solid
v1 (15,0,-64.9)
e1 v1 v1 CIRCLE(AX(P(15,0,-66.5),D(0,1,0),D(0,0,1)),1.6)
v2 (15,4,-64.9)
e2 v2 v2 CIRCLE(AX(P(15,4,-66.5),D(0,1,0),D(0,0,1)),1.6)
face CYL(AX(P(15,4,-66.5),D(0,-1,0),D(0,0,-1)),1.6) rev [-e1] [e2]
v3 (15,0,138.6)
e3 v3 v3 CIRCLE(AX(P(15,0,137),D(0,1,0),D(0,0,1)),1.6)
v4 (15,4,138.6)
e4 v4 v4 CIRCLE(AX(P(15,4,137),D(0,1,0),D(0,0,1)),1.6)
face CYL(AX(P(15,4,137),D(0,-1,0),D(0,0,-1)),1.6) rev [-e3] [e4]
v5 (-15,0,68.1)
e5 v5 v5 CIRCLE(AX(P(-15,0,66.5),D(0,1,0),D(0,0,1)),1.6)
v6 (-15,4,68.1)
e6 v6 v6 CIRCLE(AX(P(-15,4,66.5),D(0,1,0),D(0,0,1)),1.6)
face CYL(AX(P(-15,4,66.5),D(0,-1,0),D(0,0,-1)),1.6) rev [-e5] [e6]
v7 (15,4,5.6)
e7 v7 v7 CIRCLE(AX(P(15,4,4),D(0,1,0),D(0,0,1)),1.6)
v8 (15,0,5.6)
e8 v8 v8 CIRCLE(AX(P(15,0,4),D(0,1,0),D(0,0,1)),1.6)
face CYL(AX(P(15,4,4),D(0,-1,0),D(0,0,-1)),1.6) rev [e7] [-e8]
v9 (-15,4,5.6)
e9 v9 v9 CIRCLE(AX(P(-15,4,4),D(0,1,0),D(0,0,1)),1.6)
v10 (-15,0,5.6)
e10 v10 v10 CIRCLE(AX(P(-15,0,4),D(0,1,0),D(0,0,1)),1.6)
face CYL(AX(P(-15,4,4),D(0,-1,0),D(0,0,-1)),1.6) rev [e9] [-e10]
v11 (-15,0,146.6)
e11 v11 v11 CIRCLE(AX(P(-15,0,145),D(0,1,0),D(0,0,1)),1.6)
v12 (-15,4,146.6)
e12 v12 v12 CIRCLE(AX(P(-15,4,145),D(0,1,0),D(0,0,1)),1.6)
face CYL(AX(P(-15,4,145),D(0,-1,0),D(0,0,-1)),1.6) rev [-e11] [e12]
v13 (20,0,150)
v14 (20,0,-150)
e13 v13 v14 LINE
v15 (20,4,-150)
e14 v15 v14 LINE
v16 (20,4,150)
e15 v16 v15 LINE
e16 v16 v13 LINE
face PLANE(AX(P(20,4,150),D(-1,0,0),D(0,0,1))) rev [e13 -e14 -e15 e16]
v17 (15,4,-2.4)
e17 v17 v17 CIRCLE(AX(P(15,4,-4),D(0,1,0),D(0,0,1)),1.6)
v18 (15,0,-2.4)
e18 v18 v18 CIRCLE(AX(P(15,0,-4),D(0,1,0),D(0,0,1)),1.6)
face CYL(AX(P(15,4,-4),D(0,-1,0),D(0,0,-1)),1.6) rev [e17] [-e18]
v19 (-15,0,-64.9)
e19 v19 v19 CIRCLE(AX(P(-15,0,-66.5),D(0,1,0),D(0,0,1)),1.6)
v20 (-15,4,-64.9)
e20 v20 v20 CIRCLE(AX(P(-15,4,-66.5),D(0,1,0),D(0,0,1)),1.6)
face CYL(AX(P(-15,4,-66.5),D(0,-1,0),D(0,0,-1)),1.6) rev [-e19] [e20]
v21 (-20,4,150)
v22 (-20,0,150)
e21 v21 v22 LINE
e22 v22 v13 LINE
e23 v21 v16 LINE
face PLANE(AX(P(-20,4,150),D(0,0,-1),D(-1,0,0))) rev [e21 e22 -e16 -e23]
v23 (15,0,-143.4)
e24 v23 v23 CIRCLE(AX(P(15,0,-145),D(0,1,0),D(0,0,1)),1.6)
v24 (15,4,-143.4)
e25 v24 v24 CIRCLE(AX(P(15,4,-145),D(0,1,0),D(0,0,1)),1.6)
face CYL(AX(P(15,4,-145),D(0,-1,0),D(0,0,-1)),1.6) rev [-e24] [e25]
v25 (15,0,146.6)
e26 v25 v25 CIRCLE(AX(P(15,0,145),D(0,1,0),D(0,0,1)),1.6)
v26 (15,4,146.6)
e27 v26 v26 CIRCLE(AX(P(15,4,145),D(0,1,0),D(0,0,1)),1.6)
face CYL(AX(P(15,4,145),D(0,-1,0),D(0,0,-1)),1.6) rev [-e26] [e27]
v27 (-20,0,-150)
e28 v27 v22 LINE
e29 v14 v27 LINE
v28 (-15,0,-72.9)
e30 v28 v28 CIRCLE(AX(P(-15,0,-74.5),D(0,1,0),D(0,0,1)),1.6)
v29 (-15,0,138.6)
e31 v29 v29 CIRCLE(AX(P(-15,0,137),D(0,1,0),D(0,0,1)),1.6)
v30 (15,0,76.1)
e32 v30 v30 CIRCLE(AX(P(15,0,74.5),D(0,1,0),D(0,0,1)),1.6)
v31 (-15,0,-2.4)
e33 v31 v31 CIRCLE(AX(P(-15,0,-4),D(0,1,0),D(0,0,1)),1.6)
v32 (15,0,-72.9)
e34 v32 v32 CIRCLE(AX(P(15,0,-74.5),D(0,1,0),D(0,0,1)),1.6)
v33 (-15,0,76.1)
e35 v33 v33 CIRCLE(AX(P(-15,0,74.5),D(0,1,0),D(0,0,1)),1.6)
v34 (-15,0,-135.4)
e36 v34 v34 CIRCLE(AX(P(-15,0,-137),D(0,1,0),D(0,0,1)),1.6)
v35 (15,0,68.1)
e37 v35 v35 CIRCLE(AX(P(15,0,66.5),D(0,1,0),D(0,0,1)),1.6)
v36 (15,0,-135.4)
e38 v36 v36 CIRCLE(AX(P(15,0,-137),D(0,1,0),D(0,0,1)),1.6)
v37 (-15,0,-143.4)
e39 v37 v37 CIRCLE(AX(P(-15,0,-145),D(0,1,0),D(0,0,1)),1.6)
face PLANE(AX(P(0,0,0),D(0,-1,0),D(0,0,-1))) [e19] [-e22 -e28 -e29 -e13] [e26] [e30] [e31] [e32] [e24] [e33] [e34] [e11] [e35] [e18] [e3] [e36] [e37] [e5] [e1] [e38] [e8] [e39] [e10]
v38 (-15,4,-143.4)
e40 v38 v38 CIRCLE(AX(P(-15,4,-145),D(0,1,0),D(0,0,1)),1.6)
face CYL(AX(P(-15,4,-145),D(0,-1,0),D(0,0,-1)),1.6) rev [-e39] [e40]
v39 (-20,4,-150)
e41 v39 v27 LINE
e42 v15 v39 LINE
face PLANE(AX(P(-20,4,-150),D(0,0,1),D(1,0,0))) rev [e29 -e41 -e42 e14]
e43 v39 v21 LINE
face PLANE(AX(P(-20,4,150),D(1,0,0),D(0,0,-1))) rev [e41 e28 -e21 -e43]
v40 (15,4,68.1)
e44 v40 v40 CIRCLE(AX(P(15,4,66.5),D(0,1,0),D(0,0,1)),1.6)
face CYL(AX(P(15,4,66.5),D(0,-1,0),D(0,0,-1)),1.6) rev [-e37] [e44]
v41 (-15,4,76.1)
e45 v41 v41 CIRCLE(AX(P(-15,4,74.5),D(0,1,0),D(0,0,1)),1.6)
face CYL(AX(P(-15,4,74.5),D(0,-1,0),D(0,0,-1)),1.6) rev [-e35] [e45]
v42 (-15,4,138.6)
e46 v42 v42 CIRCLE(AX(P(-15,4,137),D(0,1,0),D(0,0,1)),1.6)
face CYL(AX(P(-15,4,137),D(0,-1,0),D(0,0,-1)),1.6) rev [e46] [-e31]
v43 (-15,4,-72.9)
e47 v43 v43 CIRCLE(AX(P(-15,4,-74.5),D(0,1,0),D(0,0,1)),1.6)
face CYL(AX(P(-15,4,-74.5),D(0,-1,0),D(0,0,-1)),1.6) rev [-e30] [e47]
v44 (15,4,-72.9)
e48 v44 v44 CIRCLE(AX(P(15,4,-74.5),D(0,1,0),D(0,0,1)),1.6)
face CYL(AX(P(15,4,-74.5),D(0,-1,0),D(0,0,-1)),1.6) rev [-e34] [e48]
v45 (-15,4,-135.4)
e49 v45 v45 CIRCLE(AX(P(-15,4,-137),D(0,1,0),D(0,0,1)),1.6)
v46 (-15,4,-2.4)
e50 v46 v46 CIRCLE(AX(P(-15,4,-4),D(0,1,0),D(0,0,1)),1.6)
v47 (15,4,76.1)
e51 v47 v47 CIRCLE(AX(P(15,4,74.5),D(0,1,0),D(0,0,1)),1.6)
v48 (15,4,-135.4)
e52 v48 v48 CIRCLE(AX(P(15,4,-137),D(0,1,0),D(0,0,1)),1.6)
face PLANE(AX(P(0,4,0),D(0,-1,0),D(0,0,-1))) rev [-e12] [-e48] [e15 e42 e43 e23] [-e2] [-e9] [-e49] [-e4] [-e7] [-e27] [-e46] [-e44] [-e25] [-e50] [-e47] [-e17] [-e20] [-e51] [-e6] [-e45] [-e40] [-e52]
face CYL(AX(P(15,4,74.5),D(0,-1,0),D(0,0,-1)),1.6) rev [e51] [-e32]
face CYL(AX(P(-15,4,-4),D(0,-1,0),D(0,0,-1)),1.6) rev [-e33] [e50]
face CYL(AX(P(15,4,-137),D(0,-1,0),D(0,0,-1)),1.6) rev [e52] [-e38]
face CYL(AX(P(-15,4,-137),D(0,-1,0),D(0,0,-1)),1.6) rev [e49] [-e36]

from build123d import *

# Parameters (mm, degrees)
SKETCH_1_W      = 40
SKETCH_1_H      = 300
SKETCH_1_R      = 1.6
EXTRUDE_1_DEPTH = 4


with BuildPart() as part:
    # 草图1 → 凸台-拉伸1 (new body)
    with BuildSketch(Plane(origin=(0, 0, 0), x_dir=(1, 0, 0), z_dir=(0, 1, 0))):
        Rectangle(SKETCH_1_W, SKETCH_1_H)
        with Locations(Location((-15, 145, 0), (0, 0, 270))):
            Circle(SKETCH_1_R, mode=Mode.SUBTRACT)
        with Locations(Location((-15, 137, 0), (0, 0, 270))):
            Circle(SKETCH_1_R, mode=Mode.SUBTRACT)
        with Locations(Location((15, 145, 0), (0, 0, 270))):
            Circle(SKETCH_1_R, mode=Mode.SUBTRACT)
        with Locations(Location((15, 137, 0), (0, 0, 270))):
            Circle(SKETCH_1_R, mode=Mode.SUBTRACT)
        with Locations(Location((15, 74.5, 0), (0, 0, 270))):
            Circle(SKETCH_1_R, mode=Mode.SUBTRACT)
        with Locations(Location((15, 66.5, 0), (0, 0, 270))):
            Circle(SKETCH_1_R, mode=Mode.SUBTRACT)
        with Locations(Location((15, 4, 0), (0, 0, 270))):
            Circle(SKETCH_1_R, mode=Mode.SUBTRACT)
        with Locations(Location((15, -4, 0), (0, 0, 270))):
            Circle(SKETCH_1_R, mode=Mode.SUBTRACT)
        with Locations(Location((15, -66.5, 0), (0, 0, 270))):
            Circle(SKETCH_1_R, mode=Mode.SUBTRACT)
        with Locations(Location((15, -74.5, 0), (0, 0, 270))):
            Circle(SKETCH_1_R, mode=Mode.SUBTRACT)
        with Locations(Location((15, -137, 0), (0, 0, 270))):
            Circle(SKETCH_1_R, mode=Mode.SUBTRACT)
        with Locations(Location((15, -145, 0), (0, 0, 270))):
            Circle(SKETCH_1_R, mode=Mode.SUBTRACT)
        with Locations(Location((-15, 74.5, 0), (0, 0, 270))):
            Circle(SKETCH_1_R, mode=Mode.SUBTRACT)
        with Locations(Location((-15, 66.5, 0), (0, 0, 270))):
            Circle(SKETCH_1_R, mode=Mode.SUBTRACT)
        with Locations(Location((-15, 4, 0), (0, 0, 270))):
            Circle(SKETCH_1_R, mode=Mode.SUBTRACT)
        with Locations(Location((-15, -4, 0), (0, 0, 270))):
            Circle(SKETCH_1_R, mode=Mode.SUBTRACT)
        with Locations(Location((-15, -66.5, 0), (0, 0, 270))):
            Circle(SKETCH_1_R, mode=Mode.SUBTRACT)
        with Locations(Location((-15, -74.5, 0), (0, 0, 270))):
            Circle(SKETCH_1_R, mode=Mode.SUBTRACT)
        with Locations(Location((-15, -137, 0), (0, 0, 270))):
            Circle(SKETCH_1_R, mode=Mode.SUBTRACT)
        with Locations(Location((-15, -145, 0), (0, 0, 270))):
            Circle(SKETCH_1_R, mode=Mode.SUBTRACT)
    extrude(amount=EXTRUDE_1_DEPTH)


solid = part.part
